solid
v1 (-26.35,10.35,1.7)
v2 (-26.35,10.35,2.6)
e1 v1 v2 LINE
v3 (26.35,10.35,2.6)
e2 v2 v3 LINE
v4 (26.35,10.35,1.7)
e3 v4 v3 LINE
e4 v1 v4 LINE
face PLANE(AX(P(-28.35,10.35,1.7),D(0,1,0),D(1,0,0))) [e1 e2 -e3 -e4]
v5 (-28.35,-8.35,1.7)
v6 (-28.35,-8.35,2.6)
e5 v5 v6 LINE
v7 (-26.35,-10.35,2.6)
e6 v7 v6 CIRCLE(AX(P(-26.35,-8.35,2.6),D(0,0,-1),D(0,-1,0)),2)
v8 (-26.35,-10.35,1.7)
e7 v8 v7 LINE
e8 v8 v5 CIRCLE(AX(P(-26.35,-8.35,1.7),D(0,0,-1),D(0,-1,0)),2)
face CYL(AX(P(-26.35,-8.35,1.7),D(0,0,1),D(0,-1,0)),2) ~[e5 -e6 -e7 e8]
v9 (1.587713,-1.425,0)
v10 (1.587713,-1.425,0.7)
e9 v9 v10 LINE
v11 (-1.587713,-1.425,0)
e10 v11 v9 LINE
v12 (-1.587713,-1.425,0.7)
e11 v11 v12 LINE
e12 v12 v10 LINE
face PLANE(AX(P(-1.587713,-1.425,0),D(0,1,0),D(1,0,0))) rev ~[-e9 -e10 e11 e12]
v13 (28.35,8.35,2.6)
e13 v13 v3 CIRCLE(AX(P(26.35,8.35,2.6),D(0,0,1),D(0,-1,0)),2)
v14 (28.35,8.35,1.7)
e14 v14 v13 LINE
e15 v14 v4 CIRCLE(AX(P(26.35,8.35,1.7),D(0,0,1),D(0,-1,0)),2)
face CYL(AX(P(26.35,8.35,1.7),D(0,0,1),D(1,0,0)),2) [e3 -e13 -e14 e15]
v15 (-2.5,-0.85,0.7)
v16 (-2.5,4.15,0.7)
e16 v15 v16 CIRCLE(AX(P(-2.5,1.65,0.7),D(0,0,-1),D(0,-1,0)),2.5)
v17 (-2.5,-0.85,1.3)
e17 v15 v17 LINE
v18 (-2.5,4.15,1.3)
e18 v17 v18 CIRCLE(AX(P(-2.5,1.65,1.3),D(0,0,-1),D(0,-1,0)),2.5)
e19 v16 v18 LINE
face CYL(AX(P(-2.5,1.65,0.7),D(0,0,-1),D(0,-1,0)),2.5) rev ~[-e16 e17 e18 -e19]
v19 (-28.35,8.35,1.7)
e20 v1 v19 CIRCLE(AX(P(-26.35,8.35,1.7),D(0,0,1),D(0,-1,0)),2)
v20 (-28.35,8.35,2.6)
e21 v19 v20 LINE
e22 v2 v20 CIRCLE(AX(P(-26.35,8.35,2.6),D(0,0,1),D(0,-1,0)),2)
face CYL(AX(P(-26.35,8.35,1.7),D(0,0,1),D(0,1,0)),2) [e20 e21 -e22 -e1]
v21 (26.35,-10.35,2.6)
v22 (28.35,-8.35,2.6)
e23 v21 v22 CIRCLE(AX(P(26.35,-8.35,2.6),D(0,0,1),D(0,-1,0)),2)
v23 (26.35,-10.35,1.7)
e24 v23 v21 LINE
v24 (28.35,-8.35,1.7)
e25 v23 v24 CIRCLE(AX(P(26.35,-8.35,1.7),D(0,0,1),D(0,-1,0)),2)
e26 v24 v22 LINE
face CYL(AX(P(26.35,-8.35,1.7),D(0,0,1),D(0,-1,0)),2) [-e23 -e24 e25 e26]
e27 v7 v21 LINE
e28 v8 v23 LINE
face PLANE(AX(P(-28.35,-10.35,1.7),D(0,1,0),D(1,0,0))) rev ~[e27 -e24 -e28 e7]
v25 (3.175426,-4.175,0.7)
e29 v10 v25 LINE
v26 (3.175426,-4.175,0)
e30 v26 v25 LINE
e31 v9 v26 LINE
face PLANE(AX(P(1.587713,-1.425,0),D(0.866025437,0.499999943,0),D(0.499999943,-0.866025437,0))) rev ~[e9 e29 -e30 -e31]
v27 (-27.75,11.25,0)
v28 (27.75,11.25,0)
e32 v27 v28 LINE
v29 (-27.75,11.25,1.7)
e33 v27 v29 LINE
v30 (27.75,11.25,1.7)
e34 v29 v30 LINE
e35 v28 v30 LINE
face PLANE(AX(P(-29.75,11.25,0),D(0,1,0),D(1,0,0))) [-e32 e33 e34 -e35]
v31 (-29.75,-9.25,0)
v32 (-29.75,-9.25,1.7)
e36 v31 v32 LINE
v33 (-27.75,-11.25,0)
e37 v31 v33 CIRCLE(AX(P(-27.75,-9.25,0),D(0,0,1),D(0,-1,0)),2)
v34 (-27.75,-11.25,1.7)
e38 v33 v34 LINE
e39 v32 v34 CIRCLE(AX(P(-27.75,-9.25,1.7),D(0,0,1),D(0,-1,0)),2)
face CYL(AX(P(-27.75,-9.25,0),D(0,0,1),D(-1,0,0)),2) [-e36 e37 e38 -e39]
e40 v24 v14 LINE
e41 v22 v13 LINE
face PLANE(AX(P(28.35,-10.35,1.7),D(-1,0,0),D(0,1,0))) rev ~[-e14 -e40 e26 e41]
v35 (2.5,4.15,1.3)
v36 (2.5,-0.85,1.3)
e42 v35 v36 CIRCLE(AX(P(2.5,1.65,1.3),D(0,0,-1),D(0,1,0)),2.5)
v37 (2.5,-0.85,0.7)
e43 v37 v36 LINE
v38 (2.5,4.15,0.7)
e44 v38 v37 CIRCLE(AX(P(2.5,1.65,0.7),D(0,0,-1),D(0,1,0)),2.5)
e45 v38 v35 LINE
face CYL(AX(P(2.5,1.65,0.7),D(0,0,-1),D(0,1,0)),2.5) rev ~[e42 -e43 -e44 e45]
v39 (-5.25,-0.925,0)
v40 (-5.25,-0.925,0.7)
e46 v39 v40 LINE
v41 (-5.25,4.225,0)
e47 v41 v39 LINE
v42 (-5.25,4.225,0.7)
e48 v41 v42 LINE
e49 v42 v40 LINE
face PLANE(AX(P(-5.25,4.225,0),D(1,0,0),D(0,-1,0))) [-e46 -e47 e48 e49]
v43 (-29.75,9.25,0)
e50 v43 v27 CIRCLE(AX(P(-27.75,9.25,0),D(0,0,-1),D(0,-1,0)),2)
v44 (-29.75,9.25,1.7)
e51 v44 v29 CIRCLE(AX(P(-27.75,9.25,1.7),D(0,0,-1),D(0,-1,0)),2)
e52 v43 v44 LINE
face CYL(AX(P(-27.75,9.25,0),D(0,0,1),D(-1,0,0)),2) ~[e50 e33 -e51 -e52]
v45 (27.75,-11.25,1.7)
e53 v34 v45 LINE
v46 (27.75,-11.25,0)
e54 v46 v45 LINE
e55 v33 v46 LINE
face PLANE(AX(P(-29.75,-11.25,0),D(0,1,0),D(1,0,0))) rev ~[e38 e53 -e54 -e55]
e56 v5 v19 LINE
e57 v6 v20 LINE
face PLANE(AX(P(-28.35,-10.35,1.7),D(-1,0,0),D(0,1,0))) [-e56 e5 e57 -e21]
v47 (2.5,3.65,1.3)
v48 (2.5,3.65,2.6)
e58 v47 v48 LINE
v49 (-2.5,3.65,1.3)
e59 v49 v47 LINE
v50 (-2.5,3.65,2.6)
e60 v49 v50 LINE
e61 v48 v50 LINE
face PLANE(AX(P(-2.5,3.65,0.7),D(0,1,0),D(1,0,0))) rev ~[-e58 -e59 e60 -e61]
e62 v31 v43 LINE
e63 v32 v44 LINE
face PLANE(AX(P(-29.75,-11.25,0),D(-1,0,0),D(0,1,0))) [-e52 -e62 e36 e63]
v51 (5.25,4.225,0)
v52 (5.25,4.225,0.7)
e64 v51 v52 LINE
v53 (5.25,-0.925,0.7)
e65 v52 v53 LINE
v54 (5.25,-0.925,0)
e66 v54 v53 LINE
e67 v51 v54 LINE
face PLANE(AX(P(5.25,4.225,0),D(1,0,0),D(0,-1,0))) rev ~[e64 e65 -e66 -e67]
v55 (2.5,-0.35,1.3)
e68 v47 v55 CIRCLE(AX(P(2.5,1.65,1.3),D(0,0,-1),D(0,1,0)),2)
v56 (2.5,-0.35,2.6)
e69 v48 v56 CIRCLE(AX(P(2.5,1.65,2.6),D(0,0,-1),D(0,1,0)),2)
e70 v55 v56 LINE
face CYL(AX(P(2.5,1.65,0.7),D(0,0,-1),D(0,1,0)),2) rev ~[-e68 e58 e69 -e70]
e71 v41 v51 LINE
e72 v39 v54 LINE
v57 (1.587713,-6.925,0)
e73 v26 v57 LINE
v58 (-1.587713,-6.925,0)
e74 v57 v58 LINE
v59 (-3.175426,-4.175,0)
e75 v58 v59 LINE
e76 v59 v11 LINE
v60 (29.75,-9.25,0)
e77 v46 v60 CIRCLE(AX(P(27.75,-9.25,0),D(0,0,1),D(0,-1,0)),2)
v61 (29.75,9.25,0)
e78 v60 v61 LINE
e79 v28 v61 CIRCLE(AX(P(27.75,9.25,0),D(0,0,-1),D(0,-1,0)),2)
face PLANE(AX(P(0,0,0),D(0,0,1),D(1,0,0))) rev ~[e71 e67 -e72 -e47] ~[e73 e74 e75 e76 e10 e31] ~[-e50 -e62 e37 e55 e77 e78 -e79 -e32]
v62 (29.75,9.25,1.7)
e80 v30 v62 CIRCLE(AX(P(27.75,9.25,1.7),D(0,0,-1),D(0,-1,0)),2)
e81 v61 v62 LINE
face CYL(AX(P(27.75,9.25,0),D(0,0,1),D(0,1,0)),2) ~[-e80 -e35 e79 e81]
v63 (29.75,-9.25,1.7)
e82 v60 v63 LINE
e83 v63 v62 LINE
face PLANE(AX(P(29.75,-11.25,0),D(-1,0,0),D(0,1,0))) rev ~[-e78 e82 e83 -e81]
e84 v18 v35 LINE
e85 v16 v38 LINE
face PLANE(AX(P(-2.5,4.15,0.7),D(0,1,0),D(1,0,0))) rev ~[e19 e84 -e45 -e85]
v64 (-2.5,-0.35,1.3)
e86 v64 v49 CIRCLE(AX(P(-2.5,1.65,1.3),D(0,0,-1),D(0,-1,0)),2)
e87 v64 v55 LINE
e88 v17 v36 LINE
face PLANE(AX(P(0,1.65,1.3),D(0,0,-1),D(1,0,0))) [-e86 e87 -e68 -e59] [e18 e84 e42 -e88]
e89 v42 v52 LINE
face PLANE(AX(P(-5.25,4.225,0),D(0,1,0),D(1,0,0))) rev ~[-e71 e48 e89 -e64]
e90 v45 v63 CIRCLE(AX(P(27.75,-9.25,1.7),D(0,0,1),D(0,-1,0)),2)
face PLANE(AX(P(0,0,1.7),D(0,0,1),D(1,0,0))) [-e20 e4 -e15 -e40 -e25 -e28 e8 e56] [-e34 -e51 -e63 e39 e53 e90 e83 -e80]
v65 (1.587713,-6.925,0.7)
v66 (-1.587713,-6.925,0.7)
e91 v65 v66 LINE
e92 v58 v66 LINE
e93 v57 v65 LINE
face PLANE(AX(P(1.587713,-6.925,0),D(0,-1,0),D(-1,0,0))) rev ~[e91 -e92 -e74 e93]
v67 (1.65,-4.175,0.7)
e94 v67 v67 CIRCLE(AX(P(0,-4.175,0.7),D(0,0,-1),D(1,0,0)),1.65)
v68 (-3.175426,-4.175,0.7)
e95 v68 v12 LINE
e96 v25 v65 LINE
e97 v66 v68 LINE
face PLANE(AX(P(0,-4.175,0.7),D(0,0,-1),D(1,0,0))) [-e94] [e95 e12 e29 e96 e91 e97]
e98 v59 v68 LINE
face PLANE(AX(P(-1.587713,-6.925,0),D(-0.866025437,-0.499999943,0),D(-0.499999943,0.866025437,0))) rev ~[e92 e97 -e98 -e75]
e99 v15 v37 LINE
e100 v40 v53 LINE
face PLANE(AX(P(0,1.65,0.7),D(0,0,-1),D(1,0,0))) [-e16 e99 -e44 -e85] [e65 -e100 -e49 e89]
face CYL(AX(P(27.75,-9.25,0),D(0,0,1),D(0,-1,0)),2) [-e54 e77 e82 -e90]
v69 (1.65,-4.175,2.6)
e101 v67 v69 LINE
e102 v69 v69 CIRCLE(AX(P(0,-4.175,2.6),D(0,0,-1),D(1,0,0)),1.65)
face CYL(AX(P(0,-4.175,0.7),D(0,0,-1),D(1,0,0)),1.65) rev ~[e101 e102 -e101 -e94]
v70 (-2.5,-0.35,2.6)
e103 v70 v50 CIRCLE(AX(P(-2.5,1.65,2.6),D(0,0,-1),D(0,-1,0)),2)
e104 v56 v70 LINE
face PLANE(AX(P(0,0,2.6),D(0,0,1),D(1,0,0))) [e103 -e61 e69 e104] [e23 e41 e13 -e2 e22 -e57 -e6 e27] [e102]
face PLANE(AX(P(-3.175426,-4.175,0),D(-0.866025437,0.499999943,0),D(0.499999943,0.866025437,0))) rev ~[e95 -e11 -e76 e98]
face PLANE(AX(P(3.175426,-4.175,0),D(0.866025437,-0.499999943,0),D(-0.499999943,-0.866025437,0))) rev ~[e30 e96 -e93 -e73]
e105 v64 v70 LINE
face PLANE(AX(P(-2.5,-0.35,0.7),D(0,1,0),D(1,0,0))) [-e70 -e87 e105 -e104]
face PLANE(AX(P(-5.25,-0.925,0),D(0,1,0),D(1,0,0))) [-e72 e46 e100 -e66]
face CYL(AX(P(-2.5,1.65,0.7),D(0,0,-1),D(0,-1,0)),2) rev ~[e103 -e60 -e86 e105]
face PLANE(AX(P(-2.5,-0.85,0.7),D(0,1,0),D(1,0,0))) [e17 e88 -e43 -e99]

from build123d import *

# Parameters (mm, degrees)
SKETCH_W        = 59.5
SKETCH_H        = 22.5
PAD_DEPTH       = 1.7
SKETCH001_W     = 56.7
SKETCH001_H     = 20.7
PAD001_DEPTH    = 0.9
SKETCH002_W     = 10.5
SKETCH002_H     = 5.15
POCKET_DEPTH    = 0.7
POCKET001_DEPTH = 0.6
SKETCH004_R     = 1.65
POCKET002_DEPTH = 1.901
FILLET_R        = 2


with BuildPart() as part:
    # Sketch → Pad (new body)
    with BuildSketch(Plane.XY):
        Rectangle(SKETCH_W, SKETCH_H)
    extrude(amount=PAD_DEPTH)

    # Sketch001 (on Face6 of Pad) → Pad001 (join)
    with BuildSketch(Plane.XY.offset(1.7)):
        Rectangle(SKETCH001_W, SKETCH001_H)
    extrude(amount=PAD001_DEPTH)

    # Sketch002 (on Face4 of Pad001) → Pocket (cut)
    with BuildSketch(Plane(origin=(0, 0, 0), x_dir=(1, 0, 0), z_dir=(0, 0, -1))):
        Polygon((3.175426, 4.175), (1.587713, 6.925), (-1.587713, 6.925), (-3.175426, 4.175), (-1.587713, 1.425), (1.587713, 1.425), align=None)
        with Locations((0, -1.65)):
            Rectangle(SKETCH002_W, SKETCH002_H)
    extrude(amount=-POCKET_DEPTH, mode=Mode.SUBTRACT)

    # Sketch003 (on Face21 of Pocket) → Pocket001 (cut)
    with BuildSketch(Plane(origin=(0, 0, 0.7), x_dir=(1, 0, 0), z_dir=(0, 0, -1))):
        with BuildLine():
            ThreePointArc((-2.5, 0.85), (-5, -1.65), (-2.5, -4.15))
            Line((-2.5, -4.15), (2.5, -4.15))
            ThreePointArc((2.5, -4.15), (5, -1.65), (2.5, 0.85))
            Line((-2.5, 0.85), (2.5, 0.85))
        make_face()
    extrude(amount=-POCKET001_DEPTH, mode=Mode.SUBTRACT)

    # Sketch004 (on Face22 of Pocket001) → Pocket002 (cut, through all)
    with BuildSketch(Plane(origin=(0, 0, 0.7), x_dir=(1, 0, 0), z_dir=(0, 0, -1))):
        with Locations((0, 4.175)):
            Circle(SKETCH004_R)
        with BuildLine():
            ThreePointArc((-2.5, 0.35), (-4.5, -1.65), (-2.5, -3.65))
            Line((-2.5, -3.65), (2.5, -3.65))
            ThreePointArc((2.5, -3.65), (4.5, -1.65), (2.5, 0.35))
            Line((-2.5, 0.35), (2.5, 0.35))
        make_face()
    extrude(amount=-POCKET002_DEPTH, mode=Mode.SUBTRACT)

    # Fillet
    fillet_edges = [part.edges().sort_by_distance(p)[0] for p in [
        (-29.75, -11.25, 0.85),
        (-28.35, -10.35, 2.15),
        (-29.75, 11.25, 0.85),
        (-28.35, 10.35, 2.15),
        (28.35, -10.35, 2.15),
        (29.75, -11.25, 0.85),
        (28.35, 10.35, 2.15),
        (29.75, 11.25, 0.85),
    ]]
    fillet(fillet_edges, radius=FILLET_R)


solid = part.part
